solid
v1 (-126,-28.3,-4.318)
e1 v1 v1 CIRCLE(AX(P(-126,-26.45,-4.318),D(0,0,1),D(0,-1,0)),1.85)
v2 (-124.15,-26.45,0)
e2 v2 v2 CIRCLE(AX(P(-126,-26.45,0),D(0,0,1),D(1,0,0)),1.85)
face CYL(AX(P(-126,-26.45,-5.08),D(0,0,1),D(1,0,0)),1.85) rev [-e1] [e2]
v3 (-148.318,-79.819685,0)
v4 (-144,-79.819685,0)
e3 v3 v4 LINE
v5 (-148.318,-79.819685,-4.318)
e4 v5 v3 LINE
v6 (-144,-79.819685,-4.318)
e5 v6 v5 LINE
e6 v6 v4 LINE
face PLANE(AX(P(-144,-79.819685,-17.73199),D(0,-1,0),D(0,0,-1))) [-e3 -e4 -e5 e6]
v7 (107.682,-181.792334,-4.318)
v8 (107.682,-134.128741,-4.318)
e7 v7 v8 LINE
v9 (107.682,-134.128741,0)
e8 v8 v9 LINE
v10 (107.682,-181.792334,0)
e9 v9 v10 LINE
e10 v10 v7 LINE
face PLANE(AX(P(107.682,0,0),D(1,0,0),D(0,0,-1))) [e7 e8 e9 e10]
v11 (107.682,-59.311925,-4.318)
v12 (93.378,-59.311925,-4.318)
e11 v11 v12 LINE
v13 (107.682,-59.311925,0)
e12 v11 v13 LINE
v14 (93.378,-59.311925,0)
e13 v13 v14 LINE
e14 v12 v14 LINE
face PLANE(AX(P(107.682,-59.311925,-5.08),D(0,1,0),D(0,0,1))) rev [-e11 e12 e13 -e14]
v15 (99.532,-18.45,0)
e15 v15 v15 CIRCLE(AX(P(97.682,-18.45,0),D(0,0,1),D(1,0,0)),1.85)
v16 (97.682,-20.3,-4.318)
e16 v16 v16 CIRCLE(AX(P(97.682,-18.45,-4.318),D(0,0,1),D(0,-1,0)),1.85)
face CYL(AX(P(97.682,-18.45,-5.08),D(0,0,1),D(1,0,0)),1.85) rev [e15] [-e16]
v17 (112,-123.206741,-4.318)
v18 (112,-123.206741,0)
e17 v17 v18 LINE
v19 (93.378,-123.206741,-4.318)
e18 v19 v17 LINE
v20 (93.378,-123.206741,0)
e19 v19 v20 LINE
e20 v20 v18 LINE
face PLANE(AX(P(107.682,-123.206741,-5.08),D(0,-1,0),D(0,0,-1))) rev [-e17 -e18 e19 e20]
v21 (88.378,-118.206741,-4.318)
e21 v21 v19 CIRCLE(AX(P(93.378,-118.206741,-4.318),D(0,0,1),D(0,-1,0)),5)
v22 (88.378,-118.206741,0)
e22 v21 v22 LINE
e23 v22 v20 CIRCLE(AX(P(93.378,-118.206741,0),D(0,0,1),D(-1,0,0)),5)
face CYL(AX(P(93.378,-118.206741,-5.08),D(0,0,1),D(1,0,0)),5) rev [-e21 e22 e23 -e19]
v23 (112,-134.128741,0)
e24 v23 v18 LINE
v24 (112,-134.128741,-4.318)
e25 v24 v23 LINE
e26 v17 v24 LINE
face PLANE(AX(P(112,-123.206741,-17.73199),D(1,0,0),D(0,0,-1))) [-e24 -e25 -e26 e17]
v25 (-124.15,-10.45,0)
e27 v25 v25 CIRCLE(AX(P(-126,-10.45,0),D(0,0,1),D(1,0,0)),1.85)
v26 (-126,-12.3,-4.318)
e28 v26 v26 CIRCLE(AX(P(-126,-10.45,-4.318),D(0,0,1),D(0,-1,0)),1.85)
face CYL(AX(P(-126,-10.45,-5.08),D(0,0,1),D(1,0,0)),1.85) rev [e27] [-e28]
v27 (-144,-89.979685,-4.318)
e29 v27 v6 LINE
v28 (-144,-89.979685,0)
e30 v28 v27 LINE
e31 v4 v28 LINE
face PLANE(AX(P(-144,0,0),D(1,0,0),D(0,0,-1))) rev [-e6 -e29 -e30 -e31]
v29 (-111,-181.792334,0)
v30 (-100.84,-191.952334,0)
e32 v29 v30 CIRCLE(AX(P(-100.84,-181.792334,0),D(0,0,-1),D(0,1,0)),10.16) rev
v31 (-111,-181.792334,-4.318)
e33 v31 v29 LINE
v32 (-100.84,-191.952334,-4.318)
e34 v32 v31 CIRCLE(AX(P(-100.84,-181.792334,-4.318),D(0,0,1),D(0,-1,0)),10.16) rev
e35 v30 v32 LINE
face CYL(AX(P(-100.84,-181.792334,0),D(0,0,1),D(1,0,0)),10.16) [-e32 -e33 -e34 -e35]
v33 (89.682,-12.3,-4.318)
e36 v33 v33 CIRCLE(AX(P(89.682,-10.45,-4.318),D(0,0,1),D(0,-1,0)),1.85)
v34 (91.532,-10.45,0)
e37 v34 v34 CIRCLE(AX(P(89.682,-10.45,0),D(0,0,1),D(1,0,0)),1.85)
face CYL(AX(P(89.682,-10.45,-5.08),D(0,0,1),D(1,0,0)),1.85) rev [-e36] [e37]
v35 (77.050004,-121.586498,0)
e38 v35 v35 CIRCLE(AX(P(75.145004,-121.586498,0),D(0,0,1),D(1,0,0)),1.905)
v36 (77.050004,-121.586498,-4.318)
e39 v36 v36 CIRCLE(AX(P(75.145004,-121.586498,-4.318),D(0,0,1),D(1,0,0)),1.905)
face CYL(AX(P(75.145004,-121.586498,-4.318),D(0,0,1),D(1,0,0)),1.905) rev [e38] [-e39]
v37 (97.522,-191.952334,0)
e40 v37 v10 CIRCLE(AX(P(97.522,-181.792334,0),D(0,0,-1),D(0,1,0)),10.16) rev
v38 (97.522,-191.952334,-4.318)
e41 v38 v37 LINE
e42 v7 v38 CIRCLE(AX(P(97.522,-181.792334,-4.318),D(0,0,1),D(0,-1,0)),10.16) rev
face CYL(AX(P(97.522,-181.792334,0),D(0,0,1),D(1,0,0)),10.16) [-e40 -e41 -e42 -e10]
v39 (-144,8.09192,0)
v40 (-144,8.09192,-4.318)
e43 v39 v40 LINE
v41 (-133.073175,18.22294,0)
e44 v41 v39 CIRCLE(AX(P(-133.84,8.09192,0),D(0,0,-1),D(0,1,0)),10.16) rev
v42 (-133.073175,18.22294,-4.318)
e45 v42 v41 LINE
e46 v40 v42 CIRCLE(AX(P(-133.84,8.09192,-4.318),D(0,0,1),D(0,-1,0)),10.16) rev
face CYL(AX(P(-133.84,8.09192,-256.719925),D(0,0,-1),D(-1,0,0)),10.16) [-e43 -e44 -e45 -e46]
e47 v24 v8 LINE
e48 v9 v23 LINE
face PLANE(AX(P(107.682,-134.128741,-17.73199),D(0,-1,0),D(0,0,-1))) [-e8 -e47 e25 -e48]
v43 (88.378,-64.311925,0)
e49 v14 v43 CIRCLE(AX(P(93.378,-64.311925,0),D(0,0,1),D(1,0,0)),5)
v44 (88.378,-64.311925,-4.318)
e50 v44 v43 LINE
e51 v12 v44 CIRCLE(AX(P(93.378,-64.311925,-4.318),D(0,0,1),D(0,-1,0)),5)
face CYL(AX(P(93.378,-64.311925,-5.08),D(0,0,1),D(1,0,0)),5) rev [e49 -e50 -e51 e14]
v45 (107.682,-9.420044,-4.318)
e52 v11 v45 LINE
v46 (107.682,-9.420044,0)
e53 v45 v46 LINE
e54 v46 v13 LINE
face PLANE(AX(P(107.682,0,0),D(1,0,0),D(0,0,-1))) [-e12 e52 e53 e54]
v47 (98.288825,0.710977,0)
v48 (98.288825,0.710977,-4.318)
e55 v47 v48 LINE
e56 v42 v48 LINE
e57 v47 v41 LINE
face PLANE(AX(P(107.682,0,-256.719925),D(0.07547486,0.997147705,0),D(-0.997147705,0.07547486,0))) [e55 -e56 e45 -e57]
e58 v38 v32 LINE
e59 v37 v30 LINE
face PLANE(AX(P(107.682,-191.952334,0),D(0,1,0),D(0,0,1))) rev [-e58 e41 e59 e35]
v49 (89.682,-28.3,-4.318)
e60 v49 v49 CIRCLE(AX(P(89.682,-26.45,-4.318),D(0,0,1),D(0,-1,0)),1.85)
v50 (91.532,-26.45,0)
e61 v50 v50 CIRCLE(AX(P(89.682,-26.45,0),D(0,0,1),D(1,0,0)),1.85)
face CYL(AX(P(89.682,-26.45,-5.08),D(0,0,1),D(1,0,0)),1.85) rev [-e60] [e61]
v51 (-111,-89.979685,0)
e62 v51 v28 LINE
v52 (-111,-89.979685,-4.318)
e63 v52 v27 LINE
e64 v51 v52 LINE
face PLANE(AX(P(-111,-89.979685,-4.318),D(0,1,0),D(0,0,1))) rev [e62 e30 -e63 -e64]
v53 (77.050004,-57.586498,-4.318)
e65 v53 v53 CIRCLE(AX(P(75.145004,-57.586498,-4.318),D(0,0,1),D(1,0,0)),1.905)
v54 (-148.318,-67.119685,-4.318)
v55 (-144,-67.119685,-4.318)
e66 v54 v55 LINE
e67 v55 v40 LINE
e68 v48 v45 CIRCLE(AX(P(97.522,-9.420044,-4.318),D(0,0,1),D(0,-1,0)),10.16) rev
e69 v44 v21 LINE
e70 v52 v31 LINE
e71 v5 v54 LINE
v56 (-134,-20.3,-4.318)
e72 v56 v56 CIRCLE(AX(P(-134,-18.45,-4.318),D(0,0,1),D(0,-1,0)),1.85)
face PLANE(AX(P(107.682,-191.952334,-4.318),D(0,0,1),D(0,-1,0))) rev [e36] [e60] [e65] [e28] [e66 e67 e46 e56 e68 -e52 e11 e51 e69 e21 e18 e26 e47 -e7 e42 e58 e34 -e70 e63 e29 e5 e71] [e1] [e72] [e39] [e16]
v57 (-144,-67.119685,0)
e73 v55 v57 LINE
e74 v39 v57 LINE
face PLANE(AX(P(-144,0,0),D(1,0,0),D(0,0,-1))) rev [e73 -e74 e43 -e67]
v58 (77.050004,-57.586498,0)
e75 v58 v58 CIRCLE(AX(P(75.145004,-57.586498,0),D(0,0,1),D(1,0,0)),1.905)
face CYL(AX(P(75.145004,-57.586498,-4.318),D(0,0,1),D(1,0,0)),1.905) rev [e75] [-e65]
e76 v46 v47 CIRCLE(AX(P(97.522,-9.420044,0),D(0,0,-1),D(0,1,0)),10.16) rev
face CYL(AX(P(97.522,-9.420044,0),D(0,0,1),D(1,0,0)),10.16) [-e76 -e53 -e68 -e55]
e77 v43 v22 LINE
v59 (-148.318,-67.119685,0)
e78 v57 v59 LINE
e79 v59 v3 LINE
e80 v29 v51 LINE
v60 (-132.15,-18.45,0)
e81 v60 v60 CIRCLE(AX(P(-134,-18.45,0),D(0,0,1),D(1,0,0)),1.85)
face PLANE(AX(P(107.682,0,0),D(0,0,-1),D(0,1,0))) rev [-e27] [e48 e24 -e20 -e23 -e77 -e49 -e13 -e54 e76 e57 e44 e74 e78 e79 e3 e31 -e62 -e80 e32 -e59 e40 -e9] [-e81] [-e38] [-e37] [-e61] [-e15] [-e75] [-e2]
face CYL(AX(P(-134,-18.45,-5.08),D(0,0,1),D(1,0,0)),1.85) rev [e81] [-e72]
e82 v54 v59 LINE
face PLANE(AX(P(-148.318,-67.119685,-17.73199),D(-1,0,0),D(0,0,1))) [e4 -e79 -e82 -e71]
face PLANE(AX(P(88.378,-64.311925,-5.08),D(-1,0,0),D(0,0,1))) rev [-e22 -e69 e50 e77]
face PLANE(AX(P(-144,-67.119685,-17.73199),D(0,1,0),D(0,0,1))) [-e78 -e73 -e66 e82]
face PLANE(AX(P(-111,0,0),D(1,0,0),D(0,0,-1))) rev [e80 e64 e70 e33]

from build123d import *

# Parameters (mm, degrees)
SKETCH4_W                = 4.318
SKETCH4_H                = 191.952333584
BOSS_EXTRUDE1_DEPTH      = 107.682
BOSS_EXTRUDE1_DEPTH_BACK = 144
SKETCH5_R                = 1.905
CUT_EXTRUDE1_DEPTH       = 5.318
SKETCH6_W                = 4.318
SKETCH6_H                = 101.972648506
CUT_EXTRUDE2_DEPTH       = 33
BOSS_EXTRUDE2_DEPTH      = 4.318
SKETCH8_R                = 1.85
CUT_EXTRUDE3_DEPTH       = 5.08
SKETCH9_W                = 4.318
SKETCH9_H                = 10.922
SKETCH9_H_2              = 12.7
BOSS_EXTRUDE3_DEPTH      = 4.318
FILLET2_R                = 10.16


with BuildPart() as part:
    # Sketch4 → Boss-Extrude1 (new body, two sides)
    with BuildSketch(Plane(origin=(0, 0, 0), x_dir=(0, 0, -1), z_dir=(1, 0, 0))) as boss_extrude1_sk:
        with Locations((2.159, -95.976166792)):
            Rectangle(SKETCH4_W, SKETCH4_H)
    extrude(amount=BOSS_EXTRUDE1_DEPTH)
    extrude(boss_extrude1_sk.sketch, amount=-BOSS_EXTRUDE1_DEPTH_BACK)

    # Sketch5 → Cut-Extrude1 (cut, through all)
    with BuildSketch(Plane.XY):
        with Locations((75.14500419, -57.586498411)):
            Circle(SKETCH5_R)
        with Locations((75.14500419, -121.586498411)):
            Circle(SKETCH5_R)
    extrude(amount=-CUT_EXTRUDE1_DEPTH, mode=Mode.SUBTRACT)

    # Sketch6 → Cut-Extrude2 (cut)
    with BuildSketch(Plane.ZY.offset(144)):
        with Locations((-2.159, -140.966009331)):
            Rectangle(SKETCH6_W, SKETCH6_H)
    extrude(amount=-CUT_EXTRUDE2_DEPTH, mode=Mode.SUBTRACT)

    # Sketch7 → Boss-Extrude2 (add)
    with BuildSketch(Plane.XY):
        Polygon((107.682, 0), (-144, 0), (-144, 19.05), align=None)
    extrude(amount=-BOSS_EXTRUDE2_DEPTH)

    # Sketch8 → Cut-Extrude3 (cut)
    with BuildSketch(Plane.XY):
        with Locations((75.14500419, -57.586498411)):
            Circle(SKETCH8_R)
        with Locations((75.14500419, -121.586498411)):
            Circle(SKETCH8_R)
        with Locations((89.682, -10.45)):
            Circle(SKETCH8_R)
        with Locations((97.682, -18.45)):
            Circle(SKETCH8_R)
        with Locations((89.682, -26.45)):
            Circle(SKETCH8_R)
        with Locations((-126, -26.45)):
            Circle(SKETCH8_R)
        with Locations((-126, -10.45)):
            Circle(SKETCH8_R)
        with Locations((-134, -18.45)):
            Circle(SKETCH8_R)
        with BuildLine():
            Line((107.682, -59.311924602), (93.378, -59.311924602))
            ThreePointArc((93.378, -59.311924602), (89.842466094, -60.776390696), (88.378, -64.311924602))
            Line((88.378, -64.311924602), (88.378, -118.206741276))
            ThreePointArc((88.378, -118.206741276), (89.842466094, -121.742275182), (93.378, -123.206741276))
            Line((93.378, -123.206741276), (107.682, -123.206741276))
            Line((107.682, -123.206741276), (107.682, -59.311924602))
        make_face()
    extrude(amount=-CUT_EXTRUDE3_DEPTH, mode=Mode.SUBTRACT)

    # Sketch9 → Boss-Extrude3 (add)
    with BuildSketch(Plane.XY):
        with Locations((109.841, -128.667741276)):
            Rectangle(SKETCH9_W, SKETCH9_H)
        with Locations((-146.159, -73.469685078)):
            Rectangle(SKETCH9_W, SKETCH9_H_2)
    extrude(amount=-BOSS_EXTRUDE3_DEPTH)

    # Fillet2
    fillet2_edges = [part.edges().sort_by_distance(p)[0] for p in [
        (107.682, 0, -2.159),
        (-111, -191.952333584, -2.159),
        (107.682, -191.952333584, -2.159),
        (-144, 19.05, -2.159),
    ]]
    fillet(fillet2_edges, radius=FILLET2_R)


solid = part.part
